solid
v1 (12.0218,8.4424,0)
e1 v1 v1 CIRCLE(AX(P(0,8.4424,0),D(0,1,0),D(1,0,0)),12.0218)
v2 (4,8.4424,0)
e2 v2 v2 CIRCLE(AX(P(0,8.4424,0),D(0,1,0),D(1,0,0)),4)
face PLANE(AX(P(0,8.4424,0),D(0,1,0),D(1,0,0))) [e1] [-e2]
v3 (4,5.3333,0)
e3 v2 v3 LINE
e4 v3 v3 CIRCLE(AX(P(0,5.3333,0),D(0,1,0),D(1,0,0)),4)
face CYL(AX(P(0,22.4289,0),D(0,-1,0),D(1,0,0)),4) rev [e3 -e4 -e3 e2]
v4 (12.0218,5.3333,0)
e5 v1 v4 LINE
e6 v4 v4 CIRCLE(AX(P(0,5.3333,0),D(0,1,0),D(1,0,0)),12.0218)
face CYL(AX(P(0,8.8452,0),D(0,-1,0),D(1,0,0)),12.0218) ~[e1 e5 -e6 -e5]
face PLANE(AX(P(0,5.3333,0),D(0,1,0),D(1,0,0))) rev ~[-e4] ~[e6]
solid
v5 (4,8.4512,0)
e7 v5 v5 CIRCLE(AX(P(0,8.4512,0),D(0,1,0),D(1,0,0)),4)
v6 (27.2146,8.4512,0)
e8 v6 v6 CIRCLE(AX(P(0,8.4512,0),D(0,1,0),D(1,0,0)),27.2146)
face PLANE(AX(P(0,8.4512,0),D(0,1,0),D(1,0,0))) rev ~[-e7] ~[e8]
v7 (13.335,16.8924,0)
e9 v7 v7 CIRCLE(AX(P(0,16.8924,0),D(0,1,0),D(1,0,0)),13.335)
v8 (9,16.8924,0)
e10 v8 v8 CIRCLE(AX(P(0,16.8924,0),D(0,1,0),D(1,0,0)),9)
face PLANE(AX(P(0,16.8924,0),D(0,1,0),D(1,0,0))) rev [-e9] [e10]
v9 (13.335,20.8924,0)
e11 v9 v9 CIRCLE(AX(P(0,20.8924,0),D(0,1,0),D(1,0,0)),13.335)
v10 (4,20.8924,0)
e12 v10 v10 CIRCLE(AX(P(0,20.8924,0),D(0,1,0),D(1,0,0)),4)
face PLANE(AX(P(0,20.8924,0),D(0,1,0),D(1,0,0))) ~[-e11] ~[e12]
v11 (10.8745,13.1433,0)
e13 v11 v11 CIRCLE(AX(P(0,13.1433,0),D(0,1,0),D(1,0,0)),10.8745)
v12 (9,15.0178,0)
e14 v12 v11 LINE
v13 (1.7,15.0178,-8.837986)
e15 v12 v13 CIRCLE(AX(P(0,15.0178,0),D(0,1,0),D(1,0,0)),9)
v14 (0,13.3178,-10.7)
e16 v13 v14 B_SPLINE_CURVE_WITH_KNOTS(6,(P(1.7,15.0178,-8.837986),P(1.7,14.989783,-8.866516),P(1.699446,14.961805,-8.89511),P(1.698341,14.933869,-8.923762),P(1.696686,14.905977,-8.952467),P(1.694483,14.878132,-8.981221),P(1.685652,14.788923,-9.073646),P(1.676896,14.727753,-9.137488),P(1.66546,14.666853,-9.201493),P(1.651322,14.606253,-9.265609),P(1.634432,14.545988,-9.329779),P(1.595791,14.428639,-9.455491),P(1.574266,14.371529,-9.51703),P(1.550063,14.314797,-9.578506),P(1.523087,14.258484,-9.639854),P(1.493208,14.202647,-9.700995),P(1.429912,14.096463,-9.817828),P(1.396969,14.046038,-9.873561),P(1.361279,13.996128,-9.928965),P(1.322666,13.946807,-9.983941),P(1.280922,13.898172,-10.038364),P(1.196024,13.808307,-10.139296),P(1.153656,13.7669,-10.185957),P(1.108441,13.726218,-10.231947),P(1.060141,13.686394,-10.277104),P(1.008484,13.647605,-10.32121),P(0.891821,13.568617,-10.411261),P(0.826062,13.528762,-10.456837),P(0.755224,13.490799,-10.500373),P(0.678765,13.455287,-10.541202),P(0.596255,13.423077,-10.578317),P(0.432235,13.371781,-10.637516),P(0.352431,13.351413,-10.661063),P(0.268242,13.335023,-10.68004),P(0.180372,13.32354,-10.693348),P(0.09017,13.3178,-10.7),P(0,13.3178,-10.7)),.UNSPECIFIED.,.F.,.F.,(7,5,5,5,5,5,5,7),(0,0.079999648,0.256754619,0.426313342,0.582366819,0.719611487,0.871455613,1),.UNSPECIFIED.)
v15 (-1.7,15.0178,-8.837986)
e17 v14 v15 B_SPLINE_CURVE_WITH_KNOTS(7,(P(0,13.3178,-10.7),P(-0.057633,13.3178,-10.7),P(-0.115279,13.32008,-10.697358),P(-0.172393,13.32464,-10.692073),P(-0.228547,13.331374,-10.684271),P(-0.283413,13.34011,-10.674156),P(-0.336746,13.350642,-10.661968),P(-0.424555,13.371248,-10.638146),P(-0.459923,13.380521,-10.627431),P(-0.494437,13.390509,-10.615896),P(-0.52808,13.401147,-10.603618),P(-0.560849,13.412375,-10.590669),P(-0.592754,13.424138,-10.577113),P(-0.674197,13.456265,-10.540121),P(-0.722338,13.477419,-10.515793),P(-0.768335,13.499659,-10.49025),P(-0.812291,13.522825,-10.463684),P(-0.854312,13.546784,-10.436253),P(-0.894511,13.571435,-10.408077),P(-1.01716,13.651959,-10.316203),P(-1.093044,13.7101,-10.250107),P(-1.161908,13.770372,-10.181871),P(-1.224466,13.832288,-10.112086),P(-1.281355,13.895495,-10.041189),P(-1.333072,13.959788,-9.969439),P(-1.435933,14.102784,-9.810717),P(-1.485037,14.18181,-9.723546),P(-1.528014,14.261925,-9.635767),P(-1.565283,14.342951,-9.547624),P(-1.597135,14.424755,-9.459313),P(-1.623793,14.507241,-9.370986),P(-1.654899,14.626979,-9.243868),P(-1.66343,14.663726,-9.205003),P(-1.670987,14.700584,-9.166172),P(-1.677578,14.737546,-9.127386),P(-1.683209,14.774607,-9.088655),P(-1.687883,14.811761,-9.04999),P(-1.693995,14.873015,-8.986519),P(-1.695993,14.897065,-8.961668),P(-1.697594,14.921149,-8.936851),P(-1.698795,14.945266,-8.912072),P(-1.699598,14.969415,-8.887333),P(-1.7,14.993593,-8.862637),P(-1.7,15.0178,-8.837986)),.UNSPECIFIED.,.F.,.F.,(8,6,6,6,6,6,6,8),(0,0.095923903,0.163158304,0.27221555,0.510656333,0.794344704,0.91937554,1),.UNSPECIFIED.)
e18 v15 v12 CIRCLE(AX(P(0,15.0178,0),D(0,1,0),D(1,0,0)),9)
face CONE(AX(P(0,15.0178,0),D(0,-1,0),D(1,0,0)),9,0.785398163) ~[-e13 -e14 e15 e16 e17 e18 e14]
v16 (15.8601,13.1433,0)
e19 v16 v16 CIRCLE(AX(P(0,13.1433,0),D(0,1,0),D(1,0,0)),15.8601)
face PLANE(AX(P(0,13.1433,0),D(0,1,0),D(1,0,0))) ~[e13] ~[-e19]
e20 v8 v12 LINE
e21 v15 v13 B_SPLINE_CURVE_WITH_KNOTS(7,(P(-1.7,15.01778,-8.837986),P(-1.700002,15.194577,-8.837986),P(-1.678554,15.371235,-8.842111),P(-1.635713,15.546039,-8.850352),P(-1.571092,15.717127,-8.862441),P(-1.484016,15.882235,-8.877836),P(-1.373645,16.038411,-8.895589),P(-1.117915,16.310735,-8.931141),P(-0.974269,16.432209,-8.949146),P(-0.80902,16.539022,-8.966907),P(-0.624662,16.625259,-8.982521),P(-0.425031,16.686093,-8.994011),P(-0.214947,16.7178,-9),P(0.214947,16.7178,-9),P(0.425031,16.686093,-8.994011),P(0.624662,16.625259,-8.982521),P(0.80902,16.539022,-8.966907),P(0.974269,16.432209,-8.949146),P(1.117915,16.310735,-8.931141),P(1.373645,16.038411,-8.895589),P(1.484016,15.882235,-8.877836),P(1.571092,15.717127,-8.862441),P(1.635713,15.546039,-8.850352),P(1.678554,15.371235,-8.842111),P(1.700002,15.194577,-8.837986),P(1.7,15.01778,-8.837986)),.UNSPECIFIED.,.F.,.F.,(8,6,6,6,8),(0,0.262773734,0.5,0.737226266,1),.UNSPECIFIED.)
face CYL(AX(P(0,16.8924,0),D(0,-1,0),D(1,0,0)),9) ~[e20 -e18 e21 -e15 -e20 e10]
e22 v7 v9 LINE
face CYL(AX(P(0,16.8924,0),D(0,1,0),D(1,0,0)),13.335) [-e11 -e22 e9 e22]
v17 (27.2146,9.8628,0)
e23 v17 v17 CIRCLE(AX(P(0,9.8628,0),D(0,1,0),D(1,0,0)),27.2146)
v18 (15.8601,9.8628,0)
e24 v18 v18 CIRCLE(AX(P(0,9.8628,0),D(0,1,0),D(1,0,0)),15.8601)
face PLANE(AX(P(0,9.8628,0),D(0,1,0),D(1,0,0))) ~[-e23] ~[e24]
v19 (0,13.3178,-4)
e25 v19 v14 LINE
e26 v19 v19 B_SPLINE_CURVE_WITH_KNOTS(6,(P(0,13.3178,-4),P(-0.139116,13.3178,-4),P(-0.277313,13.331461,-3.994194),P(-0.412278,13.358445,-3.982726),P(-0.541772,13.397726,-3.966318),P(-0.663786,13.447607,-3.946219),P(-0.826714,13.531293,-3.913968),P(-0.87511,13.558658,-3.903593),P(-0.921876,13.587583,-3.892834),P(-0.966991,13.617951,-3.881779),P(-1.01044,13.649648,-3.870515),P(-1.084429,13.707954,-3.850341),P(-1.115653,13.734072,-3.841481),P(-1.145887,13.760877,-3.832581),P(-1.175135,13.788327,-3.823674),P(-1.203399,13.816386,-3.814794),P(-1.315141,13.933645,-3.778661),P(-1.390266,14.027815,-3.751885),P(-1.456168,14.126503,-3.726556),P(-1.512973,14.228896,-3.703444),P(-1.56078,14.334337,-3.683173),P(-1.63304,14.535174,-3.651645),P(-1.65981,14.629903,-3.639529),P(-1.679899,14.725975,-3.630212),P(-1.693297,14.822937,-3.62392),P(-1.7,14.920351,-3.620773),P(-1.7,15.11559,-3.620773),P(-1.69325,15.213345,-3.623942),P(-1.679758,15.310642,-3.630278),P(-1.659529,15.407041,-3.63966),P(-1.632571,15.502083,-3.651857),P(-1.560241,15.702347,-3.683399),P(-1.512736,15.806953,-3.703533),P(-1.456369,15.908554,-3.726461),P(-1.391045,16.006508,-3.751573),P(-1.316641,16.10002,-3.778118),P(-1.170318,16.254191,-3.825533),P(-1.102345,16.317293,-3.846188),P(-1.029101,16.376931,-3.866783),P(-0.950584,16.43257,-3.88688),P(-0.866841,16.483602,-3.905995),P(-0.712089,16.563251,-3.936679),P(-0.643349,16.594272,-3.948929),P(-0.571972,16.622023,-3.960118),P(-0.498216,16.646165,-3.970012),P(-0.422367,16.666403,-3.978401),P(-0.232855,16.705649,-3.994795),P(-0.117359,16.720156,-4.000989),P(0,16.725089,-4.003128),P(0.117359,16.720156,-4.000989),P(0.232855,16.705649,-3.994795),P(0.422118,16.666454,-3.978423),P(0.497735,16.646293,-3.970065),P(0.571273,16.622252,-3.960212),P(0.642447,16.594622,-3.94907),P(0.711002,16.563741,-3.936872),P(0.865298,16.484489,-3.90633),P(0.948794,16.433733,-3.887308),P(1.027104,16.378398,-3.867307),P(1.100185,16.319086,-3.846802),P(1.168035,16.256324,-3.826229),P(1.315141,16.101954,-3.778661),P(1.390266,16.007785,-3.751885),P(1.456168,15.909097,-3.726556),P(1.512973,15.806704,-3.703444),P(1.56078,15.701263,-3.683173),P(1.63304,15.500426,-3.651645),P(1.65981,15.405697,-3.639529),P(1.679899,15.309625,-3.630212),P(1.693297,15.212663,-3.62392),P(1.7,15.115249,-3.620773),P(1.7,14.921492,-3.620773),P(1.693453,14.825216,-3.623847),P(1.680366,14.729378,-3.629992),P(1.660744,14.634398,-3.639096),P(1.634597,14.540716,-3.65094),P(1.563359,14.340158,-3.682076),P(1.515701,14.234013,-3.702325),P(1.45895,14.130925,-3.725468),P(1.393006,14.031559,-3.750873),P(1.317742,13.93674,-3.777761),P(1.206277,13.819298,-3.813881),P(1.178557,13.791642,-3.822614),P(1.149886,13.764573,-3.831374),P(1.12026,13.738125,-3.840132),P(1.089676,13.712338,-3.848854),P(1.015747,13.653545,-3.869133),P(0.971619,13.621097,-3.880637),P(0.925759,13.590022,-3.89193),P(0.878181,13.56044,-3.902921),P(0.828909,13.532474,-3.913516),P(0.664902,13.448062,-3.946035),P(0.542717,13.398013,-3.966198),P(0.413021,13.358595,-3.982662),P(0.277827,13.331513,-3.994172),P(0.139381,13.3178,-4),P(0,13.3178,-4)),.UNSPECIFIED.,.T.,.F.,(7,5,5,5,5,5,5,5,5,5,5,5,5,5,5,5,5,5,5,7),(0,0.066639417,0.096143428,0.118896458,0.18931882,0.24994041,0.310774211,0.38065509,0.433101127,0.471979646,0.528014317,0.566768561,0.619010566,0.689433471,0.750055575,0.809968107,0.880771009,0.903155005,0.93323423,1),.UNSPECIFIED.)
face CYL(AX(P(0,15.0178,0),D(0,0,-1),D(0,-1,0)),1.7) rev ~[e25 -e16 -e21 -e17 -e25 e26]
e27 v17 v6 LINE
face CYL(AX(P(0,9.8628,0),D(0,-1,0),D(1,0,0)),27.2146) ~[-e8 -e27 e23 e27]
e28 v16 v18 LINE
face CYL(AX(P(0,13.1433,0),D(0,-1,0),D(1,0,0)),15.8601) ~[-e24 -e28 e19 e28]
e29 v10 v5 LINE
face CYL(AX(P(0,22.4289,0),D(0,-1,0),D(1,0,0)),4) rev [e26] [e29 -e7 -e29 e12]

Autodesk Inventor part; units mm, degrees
ref_plane "YZ Plane" through (0, 0, 0) normal (1, 0, 0) x (0, 1, 0)
ref_plane "XZ Plane" through (0, 0, 0) normal (0, 1, 0) x (-1, 0, 0)
ref_plane "XY Plane" through (0, 0, 0) normal (0, 0, 1) x (1, 0, 0)
sketch "Sketch2" plane through (0, 0, 0) normal (0, 0, 1) x (1, 0, 0)
  line L0 (-13.335, 16.8924) -> (13.335, 16.8924) construction
  line L1 (13.335, 16.8924) -> (13.335, 20.8924)
  line L2 (13.335, 20.8924) -> (-13.335, 20.8924) construction
  line L3 (-13.335, 20.8924) -> (-13.335, 16.8924)
  line L4 (-13.335, 16.8924) -> (13.335, 20.8924) construction
  line L5 (13.335, 16.8924) -> (-13.335, 20.8924) construction
  line L6 (0, -12.1762) -> (0, 12.1762) construction
  line L7 (-9, 16.8924) -> (9, 16.8924) construction
  line L8 (9, 16.8924) -> (9, 20.8924)
  line L9 (9, 20.8924) -> (-9, 20.8924) construction
  line L10 (-9, 20.8924) -> (-9, 16.8924)
  line L11 (-9, 16.8924) -> (9, 20.8924) construction
  line L12 (9, 16.8924) -> (-9, 20.8924) construction
  line L13 (31.2915, 53.5117) -> (31.2915, -42.8656) construction
  line L14 (31.2915, -42.8656) -> (-90.5187, -42.8656) construction
  line L15 (-90.5187, -42.8656) -> (-90.5187, 53.5117) construction
  line L16 (-90.5187, 53.5117) -> (31.2915, 53.5117) construction
  line L17 (15.8601, 8.4424) -> (-15.8601, 8.4424)
  line L18 (-15.8601, 8.4424) -> (-15.8601, 13.1433)
  line L19 (-15.8601, 13.1433) -> (15.8601, 13.1433)
  line L20 (15.8601, 13.1433) -> (15.8601, 8.4424)
  line L21 (15.8601, 8.4424) -> (-15.8601, 13.1433) construction
  line L22 (-15.8601, 8.4424) -> (15.8601, 13.1433) construction
  line L23 (27.2146, 8.4512) -> (-27.2146, 8.4512)
  line L24 (-27.2146, 8.4512) -> (-27.2146, 9.8628)
  line L25 (-27.2146, 9.8628) -> (27.2146, 9.8628)
  line L26 (27.2146, 9.8628) -> (27.2146, 8.4512)
  line L27 (27.2146, 8.4512) -> (-27.2146, 9.8628) construction
  line L28 (-27.2146, 8.4512) -> (27.2146, 9.8628) construction
  line L29 (12.0218, 5.3333) -> (-12.0218, 5.3333)
  line L30 (-12.0218, 5.3333) -> (-12.0218, 8.8452)
  line L31 (-12.0218, 8.8452) -> (12.0218, 8.8452)
  line L32 (12.0218, 8.8452) -> (12.0218, 5.3333)
  line L33 (12.0218, 5.3333) -> (-12.0218, 8.8452) construction
  line L34 (-12.0218, 5.3333) -> (12.0218, 8.8452) construction
  line L35 (-9, 16.8924) -> (-9, 13.1433)
  line L36 (-9, 15.0178) -> (-10.8745, 13.1433)
  line L37 (9, 16.8924) -> (9, 13.1433)
  line L38 (9, 15.0178) -> (10.8745, 13.1433)
  line L39 (-13.335, 20.8924) -> (13.335, 20.8924)
  line L40 (4, 3.8577) -> (-4, 3.8577) construction
  line L41 (-4, 3.8577) -> (-4, 22.4289)
  line L42 (-4, 22.4289) -> (4, 22.4289) construction
  line L43 (4, 22.4289) -> (4, 3.8577)
  line L44 (4, 3.8577) -> (-4, 22.4289) construction
  line L45 (-4, 3.8577) -> (4, 22.4289) construction
  line L46 (-13.335, 16.8924) -> (13.335, 16.8924)
  point P0 (0, 0)
  point P1 (0, 18.8924)
  point P2 (0, 0)
  point P3 (0, 10.7928)
  point P4 (0, 9.157)
  point P5 (0, 7.0892)
  point P6 (0, 13.1433)
  point P7 (4, 8.4424)
  point P8 (4, 5.3333)
  point P9 (12.0218, 8.4424)
  point P10 (4, 20.8924)
  point P11 (4, 8.4512)
  point P12 (15.8601, 9.8628)
  dimension "d0" = 26.67
  dimension "d1" = 18
  dimension "d32" = 45
  dimension "d33" = 45
  dimension "d36" = 8
  dimension "d44" = 4
revolve "Revolution1" add sketch "Sketch2" angle 360 about axis through (0, -12.1762, 0) along (0, 1, 0) contours L46 L8 L39 L1 | L46 L43 L39 L8 | L37 L19 L43 L46 | L38 L19 L37 | L19 L20 L25 L43 | L25 L20 L23 L32 L31 L43 | L25 L26 L23 L20 | L31 L32 L23 L43 | L17 L32 L29 L43
sketch "Sketch3" plane through (0, 0, 0) normal (0, 0, 1) x (1, 0, 0)
  line L0 (9, 15.0178) -> (-9, 15.0178) projected
  point P0 (0, 0)
  point P1 (0, 15.0178)
hole "Hole1" at (0, 15.0178, 0) direction (0, 0, -1) diameter 3.4 end through all clearance for "Hex Head Cap Screw ISO 24017" size "M3" standard "ISO"
properties part number "encoder wheel"
